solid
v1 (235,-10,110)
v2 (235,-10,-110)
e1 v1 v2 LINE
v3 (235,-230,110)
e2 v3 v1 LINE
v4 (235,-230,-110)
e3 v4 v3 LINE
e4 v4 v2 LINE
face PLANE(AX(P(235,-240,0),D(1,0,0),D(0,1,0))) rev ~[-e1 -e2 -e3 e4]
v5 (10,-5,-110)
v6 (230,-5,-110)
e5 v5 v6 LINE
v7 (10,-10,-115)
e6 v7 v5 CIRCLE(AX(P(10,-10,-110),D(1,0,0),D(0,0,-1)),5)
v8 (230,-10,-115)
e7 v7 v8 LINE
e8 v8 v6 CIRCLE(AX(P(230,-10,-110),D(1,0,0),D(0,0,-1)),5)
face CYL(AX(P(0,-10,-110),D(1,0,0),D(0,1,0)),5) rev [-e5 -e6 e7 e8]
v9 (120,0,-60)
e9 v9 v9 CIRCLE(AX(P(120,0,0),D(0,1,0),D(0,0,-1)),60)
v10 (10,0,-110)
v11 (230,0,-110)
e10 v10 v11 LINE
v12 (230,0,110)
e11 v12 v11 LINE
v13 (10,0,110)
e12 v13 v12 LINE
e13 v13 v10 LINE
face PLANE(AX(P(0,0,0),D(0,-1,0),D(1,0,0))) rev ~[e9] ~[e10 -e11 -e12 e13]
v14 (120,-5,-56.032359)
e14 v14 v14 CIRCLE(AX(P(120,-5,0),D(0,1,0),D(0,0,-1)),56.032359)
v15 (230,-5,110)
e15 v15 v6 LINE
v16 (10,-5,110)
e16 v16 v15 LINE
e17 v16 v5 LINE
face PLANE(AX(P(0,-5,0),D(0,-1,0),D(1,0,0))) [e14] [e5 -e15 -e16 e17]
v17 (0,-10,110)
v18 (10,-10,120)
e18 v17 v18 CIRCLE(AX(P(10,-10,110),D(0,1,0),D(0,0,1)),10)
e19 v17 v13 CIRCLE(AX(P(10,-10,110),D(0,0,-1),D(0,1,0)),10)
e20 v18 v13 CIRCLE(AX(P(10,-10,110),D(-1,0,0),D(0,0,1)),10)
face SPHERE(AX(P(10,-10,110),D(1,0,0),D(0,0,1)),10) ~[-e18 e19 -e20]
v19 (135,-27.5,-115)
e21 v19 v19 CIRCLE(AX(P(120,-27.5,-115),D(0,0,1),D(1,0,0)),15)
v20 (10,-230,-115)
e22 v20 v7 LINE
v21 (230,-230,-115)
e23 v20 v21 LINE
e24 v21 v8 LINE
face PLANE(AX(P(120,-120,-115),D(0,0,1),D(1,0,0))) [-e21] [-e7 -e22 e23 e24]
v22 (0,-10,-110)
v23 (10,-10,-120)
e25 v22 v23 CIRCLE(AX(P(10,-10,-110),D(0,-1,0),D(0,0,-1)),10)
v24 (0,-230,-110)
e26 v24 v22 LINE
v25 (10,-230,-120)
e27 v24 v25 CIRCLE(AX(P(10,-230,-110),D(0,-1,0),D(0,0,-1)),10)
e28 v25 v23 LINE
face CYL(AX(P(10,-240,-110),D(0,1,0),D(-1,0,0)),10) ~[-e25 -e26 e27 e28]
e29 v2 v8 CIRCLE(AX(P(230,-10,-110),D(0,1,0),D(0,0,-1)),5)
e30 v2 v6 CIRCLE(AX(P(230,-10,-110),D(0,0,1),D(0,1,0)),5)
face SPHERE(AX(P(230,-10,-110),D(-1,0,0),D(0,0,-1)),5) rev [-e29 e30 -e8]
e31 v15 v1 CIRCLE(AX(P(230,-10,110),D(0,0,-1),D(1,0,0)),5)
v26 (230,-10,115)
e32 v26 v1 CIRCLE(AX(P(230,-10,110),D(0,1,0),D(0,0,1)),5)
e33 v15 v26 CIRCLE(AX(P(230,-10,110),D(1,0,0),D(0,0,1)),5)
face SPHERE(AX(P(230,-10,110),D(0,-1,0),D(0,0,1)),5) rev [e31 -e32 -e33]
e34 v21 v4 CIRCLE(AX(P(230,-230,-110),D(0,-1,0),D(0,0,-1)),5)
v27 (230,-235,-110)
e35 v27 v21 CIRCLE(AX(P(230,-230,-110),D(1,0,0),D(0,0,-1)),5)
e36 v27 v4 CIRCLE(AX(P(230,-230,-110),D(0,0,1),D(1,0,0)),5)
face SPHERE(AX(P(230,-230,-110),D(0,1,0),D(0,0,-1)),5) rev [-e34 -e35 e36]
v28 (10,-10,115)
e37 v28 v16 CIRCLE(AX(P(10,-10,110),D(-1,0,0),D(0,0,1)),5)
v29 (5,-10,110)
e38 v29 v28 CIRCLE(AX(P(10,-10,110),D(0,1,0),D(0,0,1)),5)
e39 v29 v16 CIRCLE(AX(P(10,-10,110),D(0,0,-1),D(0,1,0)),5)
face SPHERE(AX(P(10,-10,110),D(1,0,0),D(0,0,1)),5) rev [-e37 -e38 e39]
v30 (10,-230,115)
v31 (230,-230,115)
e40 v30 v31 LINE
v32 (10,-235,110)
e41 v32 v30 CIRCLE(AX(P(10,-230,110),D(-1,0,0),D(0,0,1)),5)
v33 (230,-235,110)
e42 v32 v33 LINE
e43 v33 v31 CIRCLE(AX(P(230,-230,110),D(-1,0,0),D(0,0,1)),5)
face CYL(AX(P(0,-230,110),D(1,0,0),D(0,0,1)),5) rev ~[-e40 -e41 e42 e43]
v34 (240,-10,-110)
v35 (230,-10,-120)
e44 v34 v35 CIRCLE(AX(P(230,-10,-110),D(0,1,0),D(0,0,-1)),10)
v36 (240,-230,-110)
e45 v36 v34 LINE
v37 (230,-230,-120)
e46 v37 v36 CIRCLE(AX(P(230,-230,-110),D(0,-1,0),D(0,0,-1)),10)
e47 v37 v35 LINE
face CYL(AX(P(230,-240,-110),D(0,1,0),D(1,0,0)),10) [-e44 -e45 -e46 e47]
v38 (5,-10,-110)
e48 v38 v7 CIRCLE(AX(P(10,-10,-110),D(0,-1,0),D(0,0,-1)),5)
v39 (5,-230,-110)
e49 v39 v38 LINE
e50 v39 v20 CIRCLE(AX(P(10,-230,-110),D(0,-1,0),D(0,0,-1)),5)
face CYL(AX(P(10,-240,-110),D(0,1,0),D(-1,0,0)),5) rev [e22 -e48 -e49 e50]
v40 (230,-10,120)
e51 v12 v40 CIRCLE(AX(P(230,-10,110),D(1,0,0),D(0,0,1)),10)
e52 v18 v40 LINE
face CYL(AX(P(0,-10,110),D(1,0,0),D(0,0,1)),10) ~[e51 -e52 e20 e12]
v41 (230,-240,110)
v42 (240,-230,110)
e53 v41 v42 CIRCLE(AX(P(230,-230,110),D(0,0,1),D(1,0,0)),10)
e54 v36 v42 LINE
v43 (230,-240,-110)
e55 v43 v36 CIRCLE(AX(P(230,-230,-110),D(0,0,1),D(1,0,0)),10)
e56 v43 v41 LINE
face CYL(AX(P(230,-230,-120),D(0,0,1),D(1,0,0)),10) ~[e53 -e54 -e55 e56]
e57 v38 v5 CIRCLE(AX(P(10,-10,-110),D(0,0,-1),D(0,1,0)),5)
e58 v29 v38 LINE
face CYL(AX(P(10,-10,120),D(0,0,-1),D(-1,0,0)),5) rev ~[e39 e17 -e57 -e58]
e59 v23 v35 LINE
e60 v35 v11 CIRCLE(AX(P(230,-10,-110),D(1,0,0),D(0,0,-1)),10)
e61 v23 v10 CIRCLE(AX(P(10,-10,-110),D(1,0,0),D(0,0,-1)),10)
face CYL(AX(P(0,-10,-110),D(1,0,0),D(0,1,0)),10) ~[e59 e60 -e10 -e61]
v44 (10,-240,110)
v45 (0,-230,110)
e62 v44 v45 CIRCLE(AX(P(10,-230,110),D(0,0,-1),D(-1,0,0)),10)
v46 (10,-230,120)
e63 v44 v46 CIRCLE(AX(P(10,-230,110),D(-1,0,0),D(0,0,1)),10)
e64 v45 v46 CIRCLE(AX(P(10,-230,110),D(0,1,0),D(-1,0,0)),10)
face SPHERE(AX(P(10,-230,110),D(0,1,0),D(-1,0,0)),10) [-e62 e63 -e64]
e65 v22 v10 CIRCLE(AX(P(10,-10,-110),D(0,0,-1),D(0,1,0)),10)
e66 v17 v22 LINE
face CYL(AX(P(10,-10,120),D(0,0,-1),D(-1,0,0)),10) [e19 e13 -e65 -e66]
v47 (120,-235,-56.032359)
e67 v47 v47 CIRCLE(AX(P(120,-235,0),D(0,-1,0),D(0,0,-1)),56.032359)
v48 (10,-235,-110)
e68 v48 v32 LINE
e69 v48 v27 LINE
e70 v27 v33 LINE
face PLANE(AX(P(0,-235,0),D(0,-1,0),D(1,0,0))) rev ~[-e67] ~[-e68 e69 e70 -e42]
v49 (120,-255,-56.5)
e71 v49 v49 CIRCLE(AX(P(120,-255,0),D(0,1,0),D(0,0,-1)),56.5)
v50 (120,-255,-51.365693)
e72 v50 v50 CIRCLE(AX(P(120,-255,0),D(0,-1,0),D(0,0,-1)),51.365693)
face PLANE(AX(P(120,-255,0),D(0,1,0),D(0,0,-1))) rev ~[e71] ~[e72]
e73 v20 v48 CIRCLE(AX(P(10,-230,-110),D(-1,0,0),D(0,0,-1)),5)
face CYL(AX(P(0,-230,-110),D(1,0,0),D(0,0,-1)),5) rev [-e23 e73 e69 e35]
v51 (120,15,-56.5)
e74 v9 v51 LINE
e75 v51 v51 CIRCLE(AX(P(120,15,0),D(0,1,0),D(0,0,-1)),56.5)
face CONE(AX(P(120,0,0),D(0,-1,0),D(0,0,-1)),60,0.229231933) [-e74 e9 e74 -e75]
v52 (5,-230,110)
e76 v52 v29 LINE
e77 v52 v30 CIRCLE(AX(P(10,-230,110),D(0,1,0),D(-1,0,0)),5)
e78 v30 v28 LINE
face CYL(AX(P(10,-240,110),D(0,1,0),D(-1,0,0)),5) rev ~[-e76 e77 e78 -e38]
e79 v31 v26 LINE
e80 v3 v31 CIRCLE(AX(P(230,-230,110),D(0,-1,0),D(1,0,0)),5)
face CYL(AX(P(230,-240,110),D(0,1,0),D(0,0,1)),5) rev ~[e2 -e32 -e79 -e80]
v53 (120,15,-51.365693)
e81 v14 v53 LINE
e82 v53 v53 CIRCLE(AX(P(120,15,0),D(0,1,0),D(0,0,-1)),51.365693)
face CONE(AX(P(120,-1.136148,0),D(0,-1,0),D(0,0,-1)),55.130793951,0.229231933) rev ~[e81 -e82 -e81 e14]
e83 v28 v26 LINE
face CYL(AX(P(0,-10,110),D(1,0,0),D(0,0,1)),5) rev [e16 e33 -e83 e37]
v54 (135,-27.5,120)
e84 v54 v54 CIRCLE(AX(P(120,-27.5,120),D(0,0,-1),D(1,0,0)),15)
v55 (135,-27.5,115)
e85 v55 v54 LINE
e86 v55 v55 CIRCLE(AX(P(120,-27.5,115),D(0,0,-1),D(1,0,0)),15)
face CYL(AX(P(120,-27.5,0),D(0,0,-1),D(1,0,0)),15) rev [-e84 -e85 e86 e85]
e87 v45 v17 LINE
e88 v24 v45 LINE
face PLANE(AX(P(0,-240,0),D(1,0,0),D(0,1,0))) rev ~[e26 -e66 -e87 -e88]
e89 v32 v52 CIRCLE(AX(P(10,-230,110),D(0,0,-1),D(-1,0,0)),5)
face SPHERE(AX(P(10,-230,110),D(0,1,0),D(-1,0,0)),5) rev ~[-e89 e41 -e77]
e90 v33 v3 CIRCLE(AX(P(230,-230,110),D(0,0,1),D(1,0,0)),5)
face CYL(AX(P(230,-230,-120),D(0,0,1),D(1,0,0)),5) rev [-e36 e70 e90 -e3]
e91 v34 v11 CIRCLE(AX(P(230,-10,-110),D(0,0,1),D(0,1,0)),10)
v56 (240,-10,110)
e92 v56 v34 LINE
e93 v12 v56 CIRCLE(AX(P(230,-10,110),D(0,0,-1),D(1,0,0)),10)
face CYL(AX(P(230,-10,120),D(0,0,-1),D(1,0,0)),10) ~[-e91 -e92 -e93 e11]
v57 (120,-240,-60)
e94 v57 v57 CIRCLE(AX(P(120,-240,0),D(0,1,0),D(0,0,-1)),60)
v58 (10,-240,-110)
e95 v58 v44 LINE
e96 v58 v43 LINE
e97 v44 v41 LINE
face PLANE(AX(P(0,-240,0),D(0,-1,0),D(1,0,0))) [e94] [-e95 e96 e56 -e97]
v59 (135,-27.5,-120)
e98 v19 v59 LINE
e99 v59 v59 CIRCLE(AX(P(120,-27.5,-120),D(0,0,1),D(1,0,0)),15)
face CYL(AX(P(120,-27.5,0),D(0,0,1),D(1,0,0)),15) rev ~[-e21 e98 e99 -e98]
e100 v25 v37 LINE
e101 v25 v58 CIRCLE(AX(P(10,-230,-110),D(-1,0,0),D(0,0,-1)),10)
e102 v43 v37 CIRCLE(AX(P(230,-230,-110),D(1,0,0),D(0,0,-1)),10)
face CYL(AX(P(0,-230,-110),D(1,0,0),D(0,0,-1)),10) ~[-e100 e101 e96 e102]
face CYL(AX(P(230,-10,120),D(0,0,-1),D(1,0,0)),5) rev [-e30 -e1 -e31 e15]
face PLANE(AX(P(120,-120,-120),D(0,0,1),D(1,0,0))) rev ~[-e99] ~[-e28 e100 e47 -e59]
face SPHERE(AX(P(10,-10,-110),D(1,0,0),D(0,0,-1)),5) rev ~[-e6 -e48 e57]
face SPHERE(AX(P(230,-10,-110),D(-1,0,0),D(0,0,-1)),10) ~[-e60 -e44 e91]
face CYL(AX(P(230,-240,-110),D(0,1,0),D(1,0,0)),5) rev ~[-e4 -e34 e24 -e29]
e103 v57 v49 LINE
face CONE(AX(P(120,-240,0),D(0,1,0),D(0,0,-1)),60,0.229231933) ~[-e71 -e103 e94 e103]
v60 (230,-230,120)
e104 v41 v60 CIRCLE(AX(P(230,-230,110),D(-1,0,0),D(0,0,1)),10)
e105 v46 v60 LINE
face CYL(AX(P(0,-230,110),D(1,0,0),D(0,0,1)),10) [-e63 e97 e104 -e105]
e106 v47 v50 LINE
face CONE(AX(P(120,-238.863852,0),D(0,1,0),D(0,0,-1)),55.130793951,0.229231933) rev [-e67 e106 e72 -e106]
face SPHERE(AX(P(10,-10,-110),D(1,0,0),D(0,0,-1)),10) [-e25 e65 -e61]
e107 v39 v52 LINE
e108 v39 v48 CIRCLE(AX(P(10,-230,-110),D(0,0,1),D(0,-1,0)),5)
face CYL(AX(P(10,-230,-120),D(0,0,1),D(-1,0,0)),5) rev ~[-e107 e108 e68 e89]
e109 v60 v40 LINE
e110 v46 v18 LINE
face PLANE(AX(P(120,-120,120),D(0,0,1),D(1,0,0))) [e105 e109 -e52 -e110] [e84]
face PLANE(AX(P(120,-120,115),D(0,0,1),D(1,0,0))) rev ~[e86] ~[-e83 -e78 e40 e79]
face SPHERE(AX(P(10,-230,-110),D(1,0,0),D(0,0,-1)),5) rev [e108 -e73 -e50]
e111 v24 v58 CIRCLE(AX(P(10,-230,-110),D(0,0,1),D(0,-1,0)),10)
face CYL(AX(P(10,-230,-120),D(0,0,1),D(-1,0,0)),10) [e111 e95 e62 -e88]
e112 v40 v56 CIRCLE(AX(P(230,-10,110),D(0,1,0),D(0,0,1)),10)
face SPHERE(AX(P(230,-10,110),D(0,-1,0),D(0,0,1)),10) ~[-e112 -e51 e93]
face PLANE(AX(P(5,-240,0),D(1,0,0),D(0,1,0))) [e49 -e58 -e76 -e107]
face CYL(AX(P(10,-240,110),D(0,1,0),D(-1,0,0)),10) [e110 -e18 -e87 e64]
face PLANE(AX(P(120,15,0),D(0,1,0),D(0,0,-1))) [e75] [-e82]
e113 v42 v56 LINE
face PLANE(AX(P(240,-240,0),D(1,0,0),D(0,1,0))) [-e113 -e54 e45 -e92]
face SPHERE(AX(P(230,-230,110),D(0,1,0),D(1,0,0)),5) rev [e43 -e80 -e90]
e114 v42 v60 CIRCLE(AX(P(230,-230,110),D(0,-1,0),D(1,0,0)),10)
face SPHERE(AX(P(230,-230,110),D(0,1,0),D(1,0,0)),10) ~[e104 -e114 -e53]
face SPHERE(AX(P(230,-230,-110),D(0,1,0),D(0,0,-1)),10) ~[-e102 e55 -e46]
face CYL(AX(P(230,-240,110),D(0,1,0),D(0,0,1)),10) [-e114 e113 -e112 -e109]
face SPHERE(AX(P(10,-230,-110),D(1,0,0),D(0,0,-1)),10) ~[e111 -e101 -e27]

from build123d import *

# Parameters (mm, degrees)
SKETCH1_W               = 480
SKETCH1_H               = 480
BOSS_EXTRUDE1_DEPTH     = 240
FILLET1_R               = 20
SHELL1_T                = -10
SKETCH3_R               = 30
CUT_EXTRUDE1_DEPTH      = 741.337760755
CUT_EXTRUDE1_DEPTH_BACK = 741.337760755
SCALE1_SCALE            = 0.5


with BuildPart() as part:
    # Sketch1 → Boss-Extrude1 (new, symmetric)
    with BuildSketch(Plane.XY):
        with Locations((240, -240)):
            Rectangle(SKETCH1_W, SKETCH1_H)
    extrude(amount=BOSS_EXTRUDE1_DEPTH, both=True)

    # Fillet1
    fillet1_edges = [part.edges().sort_by_distance(p)[0] for p in [
        (480, -240, 240),
        (240, 0, 240),
        (0, -240, 240),
        (240, 0, -240),
        (480, -240, -240),
        (240, -480, -240),
        (0, -240, -240),
        (0, 0, 0),
        (480, 0, 0),
        (480, -480, 0),
        (0, -480, 0),
        (240, -480, 240),
    ]]
    fillet(fillet1_edges, radius=FILLET1_R)

    # Sketch2 → Revolve1 (revolve)
    with BuildSketch(Plane.XY, mode=Mode.PRIVATE) as revolve1_sk:
        Polygon((240, 0), (360, 0), (353, 30), (240, 30), align=None)
        Polygon((360, -480), (353, -510), (240, -510), (240, -480), align=None)
    revolve(revolve1_sk.sketch.rotate(Axis((240, 0, 0), (0, 1, 0)), 90), axis=Axis((240, 0, 0), (0, 1, 0)))

    # Shell1
    shell1_openings = [part.faces().sort_by_distance(p)[0] for p in [
        (240, 30, 0),
        (240, -510, 0),
    ]]
    offset(amount=SHELL1_T, openings=shell1_openings, kind=Kind.INTERSECTION)

    # Sketch3 → Cut-Extrude1 (cut, two sides)
    with BuildSketch(Plane.XY) as cut_extrude1_sk:
        with Locations((240, -55)):
            Circle(SKETCH3_R)
    extrude(amount=CUT_EXTRUDE1_DEPTH, mode=Mode.SUBTRACT)
    extrude(cut_extrude1_sk.sketch, amount=-CUT_EXTRUDE1_DEPTH_BACK, mode=Mode.SUBTRACT)


with BuildPart() as part_1:
    # Scale1: scaled about (0, 0, 0)
    add(part.part.scale(SCALE1_SCALE))


solid = part_1.part
